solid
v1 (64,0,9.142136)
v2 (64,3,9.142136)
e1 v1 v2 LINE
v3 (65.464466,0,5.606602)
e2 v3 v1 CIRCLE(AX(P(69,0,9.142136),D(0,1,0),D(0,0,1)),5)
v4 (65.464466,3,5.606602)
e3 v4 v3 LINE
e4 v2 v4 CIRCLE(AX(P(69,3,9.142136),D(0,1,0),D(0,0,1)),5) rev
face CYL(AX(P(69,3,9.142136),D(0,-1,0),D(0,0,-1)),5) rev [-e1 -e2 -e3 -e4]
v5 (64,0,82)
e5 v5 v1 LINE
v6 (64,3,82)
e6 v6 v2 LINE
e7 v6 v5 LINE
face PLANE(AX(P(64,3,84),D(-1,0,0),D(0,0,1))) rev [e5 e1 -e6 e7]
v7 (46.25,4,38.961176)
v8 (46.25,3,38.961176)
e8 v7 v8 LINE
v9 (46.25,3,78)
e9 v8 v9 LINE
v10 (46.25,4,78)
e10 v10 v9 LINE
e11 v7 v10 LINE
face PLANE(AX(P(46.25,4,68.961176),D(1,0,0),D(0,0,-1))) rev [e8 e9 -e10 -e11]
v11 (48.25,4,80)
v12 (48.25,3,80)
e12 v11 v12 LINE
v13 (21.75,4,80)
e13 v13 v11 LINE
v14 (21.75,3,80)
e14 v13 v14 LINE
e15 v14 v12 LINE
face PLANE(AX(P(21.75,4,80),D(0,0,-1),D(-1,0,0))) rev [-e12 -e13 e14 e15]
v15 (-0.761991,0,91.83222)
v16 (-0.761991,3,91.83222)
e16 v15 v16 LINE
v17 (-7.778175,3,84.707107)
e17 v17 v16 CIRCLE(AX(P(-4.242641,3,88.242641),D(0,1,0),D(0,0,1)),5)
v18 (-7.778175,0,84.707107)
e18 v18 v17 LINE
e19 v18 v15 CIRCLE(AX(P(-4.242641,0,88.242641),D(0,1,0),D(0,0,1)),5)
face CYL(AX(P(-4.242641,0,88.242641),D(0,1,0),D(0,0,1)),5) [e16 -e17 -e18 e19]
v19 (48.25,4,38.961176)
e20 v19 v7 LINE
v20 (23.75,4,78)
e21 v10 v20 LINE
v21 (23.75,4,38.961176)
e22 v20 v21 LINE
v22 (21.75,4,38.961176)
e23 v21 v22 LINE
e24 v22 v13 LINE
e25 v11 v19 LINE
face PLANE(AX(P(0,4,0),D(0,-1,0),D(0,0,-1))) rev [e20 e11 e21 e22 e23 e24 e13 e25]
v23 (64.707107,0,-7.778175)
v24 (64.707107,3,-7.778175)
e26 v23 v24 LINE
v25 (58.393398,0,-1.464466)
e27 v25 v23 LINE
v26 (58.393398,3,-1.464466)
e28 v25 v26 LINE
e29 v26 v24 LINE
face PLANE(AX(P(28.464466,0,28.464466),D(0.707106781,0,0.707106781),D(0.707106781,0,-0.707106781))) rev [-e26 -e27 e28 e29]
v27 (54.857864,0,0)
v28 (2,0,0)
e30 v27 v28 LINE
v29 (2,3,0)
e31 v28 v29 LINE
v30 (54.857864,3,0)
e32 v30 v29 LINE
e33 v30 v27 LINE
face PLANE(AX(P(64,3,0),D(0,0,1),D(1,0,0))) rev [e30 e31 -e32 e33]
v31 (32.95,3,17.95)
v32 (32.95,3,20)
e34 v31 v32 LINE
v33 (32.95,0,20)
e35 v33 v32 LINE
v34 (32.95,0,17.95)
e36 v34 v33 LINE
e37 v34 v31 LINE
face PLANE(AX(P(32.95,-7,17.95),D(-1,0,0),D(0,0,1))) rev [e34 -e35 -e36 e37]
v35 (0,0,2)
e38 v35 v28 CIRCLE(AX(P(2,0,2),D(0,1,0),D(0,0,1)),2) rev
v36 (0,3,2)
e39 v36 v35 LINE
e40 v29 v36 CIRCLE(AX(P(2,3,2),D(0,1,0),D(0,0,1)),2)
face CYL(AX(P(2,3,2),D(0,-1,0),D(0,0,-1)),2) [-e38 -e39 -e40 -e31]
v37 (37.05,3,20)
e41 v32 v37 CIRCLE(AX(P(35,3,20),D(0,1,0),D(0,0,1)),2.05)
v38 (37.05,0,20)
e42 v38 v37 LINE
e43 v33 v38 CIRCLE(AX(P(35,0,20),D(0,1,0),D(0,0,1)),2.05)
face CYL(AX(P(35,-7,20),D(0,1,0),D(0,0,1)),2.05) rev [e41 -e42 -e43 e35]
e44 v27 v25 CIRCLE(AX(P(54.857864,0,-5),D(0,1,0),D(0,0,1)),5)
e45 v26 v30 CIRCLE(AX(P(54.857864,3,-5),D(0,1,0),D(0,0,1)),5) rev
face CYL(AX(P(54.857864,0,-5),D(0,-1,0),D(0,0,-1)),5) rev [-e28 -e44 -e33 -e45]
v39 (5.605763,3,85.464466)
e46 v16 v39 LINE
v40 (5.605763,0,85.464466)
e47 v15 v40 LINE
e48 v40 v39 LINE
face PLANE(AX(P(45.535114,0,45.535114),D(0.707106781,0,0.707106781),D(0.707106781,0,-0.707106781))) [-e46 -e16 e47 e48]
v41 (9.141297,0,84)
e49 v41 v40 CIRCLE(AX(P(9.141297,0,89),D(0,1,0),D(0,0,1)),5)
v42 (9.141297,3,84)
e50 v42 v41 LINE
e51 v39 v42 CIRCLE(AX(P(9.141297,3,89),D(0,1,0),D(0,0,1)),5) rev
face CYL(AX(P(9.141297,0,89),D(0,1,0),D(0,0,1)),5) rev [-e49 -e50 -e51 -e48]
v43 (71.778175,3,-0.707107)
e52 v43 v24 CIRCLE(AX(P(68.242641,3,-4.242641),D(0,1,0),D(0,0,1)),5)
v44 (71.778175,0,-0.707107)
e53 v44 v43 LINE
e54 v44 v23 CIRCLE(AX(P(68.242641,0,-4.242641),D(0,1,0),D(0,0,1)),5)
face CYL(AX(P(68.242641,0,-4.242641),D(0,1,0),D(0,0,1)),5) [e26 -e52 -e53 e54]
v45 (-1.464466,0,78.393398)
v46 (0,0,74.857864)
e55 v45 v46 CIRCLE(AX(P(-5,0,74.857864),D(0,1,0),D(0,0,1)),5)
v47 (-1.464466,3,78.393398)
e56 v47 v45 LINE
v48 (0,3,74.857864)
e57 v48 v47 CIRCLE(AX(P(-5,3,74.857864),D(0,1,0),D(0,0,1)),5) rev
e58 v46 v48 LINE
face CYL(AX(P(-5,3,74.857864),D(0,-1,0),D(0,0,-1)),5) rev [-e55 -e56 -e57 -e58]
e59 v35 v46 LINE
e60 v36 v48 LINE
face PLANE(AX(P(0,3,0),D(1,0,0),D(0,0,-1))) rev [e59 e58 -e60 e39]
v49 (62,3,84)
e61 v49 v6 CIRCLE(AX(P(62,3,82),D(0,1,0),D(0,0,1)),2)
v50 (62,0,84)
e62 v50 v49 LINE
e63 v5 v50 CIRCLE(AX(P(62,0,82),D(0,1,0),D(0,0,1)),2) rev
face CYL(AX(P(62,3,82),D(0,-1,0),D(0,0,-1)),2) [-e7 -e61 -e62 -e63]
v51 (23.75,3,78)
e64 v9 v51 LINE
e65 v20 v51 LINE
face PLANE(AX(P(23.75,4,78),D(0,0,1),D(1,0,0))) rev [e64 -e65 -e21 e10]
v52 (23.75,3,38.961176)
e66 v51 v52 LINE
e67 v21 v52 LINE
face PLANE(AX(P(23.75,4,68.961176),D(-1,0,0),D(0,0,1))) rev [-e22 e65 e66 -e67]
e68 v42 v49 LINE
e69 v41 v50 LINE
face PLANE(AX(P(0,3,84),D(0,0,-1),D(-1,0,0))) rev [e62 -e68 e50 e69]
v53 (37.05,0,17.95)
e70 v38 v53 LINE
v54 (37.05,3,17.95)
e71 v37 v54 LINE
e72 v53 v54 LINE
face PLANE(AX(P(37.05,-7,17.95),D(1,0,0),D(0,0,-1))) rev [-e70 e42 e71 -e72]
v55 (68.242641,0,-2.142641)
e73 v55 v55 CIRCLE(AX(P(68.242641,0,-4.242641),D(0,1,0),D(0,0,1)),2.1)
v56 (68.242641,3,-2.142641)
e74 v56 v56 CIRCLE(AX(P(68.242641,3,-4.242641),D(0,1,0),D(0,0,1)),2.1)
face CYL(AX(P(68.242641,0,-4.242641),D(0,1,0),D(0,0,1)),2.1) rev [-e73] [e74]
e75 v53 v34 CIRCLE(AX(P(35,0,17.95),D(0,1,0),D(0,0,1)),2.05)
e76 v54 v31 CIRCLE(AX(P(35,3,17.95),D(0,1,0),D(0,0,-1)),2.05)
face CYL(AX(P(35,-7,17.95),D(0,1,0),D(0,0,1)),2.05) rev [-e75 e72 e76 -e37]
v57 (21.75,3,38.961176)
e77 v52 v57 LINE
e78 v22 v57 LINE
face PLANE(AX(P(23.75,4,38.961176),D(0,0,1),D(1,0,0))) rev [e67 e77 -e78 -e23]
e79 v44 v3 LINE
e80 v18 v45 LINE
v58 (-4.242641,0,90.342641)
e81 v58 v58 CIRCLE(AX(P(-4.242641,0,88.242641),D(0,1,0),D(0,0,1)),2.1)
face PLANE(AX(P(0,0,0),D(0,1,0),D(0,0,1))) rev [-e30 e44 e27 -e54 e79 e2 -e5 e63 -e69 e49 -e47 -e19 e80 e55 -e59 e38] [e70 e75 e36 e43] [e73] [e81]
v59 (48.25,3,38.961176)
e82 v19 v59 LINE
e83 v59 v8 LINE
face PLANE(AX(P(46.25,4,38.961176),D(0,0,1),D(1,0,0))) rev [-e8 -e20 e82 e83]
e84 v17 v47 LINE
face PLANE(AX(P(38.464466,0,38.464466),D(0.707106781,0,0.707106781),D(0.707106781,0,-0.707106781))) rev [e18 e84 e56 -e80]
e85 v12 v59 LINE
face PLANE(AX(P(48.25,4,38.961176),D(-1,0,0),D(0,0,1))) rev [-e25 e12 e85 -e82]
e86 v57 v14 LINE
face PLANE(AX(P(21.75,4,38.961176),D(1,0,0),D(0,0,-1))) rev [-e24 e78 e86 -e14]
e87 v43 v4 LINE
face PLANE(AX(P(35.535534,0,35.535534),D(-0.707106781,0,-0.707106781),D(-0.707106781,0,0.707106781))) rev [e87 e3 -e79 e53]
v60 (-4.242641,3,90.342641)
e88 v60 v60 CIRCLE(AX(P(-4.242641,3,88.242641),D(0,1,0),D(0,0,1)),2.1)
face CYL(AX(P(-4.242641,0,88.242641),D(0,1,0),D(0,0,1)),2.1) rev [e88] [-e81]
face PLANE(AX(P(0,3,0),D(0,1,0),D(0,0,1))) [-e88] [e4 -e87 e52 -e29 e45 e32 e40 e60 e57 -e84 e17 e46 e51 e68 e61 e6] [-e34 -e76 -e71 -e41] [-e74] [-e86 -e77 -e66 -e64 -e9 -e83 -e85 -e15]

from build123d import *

# Parameters (mm, degrees)
SKETCH1_W             = 64
SKETCH1_H             = 84
BOSS_EXTRUDE1_DEPTH   = 3
BOSS_EXTRUDE2_DEPTH   = 1
SKETCH3_R             = 2.1
BOSS_EXTRUDE3_DEPTH   = 3
BOSS_EXTRUDE3_2_DEPTH = 3
FILLET3_R             = 5
FILLET4_R             = 2
CUT_EXTRUDE1_DEPTH    = 10


with BuildPart() as part:
    # Sketch1 → Boss-Extrude1 (new body)
    with BuildSketch(Plane(origin=(0, 0, 0), x_dir=(1, 0, 0), z_dir=(0, 1, 0))):
        with Locations((32, -42)):
            Rectangle(SKETCH1_W, SKETCH1_H)
    extrude(amount=BOSS_EXTRUDE1_DEPTH)

    # Sketch2 → Boss-Extrude2 (add)
    with BuildSketch(Plane(origin=(0, 3, 0), x_dir=(1, 0, 0), z_dir=(0, 1, 0))):
        Polygon((23.75, -68.961175578), (23.75, -78), (46.25, -78), (46.25, -68.961175578), (46.25, -38.961175578), (48.25, -38.961175578), (48.25, -80), (21.75, -80), (21.75, -38.961175578), (23.75, -38.961175578), align=None)
    extrude(amount=BOSS_EXTRUDE2_DEPTH)


with BuildPart() as body_2:
    # Sketch3 → Boss-Extrude3 (new body)
    with BuildSketch(Plane(origin=(0, 3, 0), x_dir=(1, 0, 0), z_dir=(0, 1, 0))):
        with BuildLine():
            Line((0, -76.928932188), (-7.778174593, -84.707106781))
            ThreePointArc((-7.778174593, -84.707106781), (-7.805302944, -91.750836469), (-0.76199118, -91.832219912))
            Line((-0.76199118, -91.832219912), (7.070228732, -84))
            Line((7.070228732, -84), (0, -76.928932188))
        make_face()
        with Locations((-4.242640687, -88.242640687)):
            Circle(SKETCH3_R, mode=Mode.SUBTRACT)
    extrude(amount=-BOSS_EXTRUDE3_DEPTH)


with BuildPart() as body_3:
    # Sketch3 → Boss-Extrude3 2 (new body)
    with BuildSketch(Plane(origin=(0, 3, 0), x_dir=(1, 0, 0), z_dir=(0, 1, 0))):
        with BuildLine():
            Line((56.928932188, 0), (64, -7.071067812))
            Line((64, -7.071067812), (71.778174593, 0.707106781))
            ThreePointArc((71.778174593, 0.707106781), (71.778174593, 7.778174593), (64.707106781, 7.778174593))
            Line((64.707106781, 7.778174593), (56.928932188, 0))
        make_face()
        with Locations((68.242640687, 4.242640687)):
            Circle(SKETCH3_R, mode=Mode.SUBTRACT)
    extrude(amount=-BOSS_EXTRUDE3_2_DEPTH)


with BuildPart() as body_2_1:
    add(body_2.part)

    # Combine2: union part, body 3
    add(part.part)
    add(body_3.part)

    # Fillet3
    fillet3_edges = [body_2_1.edges().sort_by_distance(p)[0] for p in [
        (64, 1.5, 7.071067812),
        (56.928932188, 1.5, 0),
        (0, 1.5, 76.928932188),
        (7.070228732, 1.5, 84),
    ]]
    fillet(fillet3_edges, radius=FILLET3_R)

    # Fillet4
    fillet4_edges = [body_2_1.edges().sort_by_distance(p)[0] for p in [
        (0, 1.5, 0),
        (64, 1.5, 84),
    ]]
    fillet(fillet4_edges, radius=FILLET4_R)

    # Sketch4 → Cut-Extrude1 (cut)
    with BuildSketch(Plane(origin=(0, 3, 0), x_dir=(1, 0, 0), z_dir=(0, 1, 0))):
        with BuildLine():
            Line((32.95, -17.95), (32.95, -20))
            ThreePointArc((32.95, -20), (35, -22.05), (37.05, -20))
            Line((37.05, -20), (37.05, -17.95))
            ThreePointArc((37.05, -17.95), (35, -15.9), (32.95, -17.95))
        make_face()
    extrude(amount=-CUT_EXTRUDE1_DEPTH, mode=Mode.SUBTRACT)


solid = body_2_1.part
